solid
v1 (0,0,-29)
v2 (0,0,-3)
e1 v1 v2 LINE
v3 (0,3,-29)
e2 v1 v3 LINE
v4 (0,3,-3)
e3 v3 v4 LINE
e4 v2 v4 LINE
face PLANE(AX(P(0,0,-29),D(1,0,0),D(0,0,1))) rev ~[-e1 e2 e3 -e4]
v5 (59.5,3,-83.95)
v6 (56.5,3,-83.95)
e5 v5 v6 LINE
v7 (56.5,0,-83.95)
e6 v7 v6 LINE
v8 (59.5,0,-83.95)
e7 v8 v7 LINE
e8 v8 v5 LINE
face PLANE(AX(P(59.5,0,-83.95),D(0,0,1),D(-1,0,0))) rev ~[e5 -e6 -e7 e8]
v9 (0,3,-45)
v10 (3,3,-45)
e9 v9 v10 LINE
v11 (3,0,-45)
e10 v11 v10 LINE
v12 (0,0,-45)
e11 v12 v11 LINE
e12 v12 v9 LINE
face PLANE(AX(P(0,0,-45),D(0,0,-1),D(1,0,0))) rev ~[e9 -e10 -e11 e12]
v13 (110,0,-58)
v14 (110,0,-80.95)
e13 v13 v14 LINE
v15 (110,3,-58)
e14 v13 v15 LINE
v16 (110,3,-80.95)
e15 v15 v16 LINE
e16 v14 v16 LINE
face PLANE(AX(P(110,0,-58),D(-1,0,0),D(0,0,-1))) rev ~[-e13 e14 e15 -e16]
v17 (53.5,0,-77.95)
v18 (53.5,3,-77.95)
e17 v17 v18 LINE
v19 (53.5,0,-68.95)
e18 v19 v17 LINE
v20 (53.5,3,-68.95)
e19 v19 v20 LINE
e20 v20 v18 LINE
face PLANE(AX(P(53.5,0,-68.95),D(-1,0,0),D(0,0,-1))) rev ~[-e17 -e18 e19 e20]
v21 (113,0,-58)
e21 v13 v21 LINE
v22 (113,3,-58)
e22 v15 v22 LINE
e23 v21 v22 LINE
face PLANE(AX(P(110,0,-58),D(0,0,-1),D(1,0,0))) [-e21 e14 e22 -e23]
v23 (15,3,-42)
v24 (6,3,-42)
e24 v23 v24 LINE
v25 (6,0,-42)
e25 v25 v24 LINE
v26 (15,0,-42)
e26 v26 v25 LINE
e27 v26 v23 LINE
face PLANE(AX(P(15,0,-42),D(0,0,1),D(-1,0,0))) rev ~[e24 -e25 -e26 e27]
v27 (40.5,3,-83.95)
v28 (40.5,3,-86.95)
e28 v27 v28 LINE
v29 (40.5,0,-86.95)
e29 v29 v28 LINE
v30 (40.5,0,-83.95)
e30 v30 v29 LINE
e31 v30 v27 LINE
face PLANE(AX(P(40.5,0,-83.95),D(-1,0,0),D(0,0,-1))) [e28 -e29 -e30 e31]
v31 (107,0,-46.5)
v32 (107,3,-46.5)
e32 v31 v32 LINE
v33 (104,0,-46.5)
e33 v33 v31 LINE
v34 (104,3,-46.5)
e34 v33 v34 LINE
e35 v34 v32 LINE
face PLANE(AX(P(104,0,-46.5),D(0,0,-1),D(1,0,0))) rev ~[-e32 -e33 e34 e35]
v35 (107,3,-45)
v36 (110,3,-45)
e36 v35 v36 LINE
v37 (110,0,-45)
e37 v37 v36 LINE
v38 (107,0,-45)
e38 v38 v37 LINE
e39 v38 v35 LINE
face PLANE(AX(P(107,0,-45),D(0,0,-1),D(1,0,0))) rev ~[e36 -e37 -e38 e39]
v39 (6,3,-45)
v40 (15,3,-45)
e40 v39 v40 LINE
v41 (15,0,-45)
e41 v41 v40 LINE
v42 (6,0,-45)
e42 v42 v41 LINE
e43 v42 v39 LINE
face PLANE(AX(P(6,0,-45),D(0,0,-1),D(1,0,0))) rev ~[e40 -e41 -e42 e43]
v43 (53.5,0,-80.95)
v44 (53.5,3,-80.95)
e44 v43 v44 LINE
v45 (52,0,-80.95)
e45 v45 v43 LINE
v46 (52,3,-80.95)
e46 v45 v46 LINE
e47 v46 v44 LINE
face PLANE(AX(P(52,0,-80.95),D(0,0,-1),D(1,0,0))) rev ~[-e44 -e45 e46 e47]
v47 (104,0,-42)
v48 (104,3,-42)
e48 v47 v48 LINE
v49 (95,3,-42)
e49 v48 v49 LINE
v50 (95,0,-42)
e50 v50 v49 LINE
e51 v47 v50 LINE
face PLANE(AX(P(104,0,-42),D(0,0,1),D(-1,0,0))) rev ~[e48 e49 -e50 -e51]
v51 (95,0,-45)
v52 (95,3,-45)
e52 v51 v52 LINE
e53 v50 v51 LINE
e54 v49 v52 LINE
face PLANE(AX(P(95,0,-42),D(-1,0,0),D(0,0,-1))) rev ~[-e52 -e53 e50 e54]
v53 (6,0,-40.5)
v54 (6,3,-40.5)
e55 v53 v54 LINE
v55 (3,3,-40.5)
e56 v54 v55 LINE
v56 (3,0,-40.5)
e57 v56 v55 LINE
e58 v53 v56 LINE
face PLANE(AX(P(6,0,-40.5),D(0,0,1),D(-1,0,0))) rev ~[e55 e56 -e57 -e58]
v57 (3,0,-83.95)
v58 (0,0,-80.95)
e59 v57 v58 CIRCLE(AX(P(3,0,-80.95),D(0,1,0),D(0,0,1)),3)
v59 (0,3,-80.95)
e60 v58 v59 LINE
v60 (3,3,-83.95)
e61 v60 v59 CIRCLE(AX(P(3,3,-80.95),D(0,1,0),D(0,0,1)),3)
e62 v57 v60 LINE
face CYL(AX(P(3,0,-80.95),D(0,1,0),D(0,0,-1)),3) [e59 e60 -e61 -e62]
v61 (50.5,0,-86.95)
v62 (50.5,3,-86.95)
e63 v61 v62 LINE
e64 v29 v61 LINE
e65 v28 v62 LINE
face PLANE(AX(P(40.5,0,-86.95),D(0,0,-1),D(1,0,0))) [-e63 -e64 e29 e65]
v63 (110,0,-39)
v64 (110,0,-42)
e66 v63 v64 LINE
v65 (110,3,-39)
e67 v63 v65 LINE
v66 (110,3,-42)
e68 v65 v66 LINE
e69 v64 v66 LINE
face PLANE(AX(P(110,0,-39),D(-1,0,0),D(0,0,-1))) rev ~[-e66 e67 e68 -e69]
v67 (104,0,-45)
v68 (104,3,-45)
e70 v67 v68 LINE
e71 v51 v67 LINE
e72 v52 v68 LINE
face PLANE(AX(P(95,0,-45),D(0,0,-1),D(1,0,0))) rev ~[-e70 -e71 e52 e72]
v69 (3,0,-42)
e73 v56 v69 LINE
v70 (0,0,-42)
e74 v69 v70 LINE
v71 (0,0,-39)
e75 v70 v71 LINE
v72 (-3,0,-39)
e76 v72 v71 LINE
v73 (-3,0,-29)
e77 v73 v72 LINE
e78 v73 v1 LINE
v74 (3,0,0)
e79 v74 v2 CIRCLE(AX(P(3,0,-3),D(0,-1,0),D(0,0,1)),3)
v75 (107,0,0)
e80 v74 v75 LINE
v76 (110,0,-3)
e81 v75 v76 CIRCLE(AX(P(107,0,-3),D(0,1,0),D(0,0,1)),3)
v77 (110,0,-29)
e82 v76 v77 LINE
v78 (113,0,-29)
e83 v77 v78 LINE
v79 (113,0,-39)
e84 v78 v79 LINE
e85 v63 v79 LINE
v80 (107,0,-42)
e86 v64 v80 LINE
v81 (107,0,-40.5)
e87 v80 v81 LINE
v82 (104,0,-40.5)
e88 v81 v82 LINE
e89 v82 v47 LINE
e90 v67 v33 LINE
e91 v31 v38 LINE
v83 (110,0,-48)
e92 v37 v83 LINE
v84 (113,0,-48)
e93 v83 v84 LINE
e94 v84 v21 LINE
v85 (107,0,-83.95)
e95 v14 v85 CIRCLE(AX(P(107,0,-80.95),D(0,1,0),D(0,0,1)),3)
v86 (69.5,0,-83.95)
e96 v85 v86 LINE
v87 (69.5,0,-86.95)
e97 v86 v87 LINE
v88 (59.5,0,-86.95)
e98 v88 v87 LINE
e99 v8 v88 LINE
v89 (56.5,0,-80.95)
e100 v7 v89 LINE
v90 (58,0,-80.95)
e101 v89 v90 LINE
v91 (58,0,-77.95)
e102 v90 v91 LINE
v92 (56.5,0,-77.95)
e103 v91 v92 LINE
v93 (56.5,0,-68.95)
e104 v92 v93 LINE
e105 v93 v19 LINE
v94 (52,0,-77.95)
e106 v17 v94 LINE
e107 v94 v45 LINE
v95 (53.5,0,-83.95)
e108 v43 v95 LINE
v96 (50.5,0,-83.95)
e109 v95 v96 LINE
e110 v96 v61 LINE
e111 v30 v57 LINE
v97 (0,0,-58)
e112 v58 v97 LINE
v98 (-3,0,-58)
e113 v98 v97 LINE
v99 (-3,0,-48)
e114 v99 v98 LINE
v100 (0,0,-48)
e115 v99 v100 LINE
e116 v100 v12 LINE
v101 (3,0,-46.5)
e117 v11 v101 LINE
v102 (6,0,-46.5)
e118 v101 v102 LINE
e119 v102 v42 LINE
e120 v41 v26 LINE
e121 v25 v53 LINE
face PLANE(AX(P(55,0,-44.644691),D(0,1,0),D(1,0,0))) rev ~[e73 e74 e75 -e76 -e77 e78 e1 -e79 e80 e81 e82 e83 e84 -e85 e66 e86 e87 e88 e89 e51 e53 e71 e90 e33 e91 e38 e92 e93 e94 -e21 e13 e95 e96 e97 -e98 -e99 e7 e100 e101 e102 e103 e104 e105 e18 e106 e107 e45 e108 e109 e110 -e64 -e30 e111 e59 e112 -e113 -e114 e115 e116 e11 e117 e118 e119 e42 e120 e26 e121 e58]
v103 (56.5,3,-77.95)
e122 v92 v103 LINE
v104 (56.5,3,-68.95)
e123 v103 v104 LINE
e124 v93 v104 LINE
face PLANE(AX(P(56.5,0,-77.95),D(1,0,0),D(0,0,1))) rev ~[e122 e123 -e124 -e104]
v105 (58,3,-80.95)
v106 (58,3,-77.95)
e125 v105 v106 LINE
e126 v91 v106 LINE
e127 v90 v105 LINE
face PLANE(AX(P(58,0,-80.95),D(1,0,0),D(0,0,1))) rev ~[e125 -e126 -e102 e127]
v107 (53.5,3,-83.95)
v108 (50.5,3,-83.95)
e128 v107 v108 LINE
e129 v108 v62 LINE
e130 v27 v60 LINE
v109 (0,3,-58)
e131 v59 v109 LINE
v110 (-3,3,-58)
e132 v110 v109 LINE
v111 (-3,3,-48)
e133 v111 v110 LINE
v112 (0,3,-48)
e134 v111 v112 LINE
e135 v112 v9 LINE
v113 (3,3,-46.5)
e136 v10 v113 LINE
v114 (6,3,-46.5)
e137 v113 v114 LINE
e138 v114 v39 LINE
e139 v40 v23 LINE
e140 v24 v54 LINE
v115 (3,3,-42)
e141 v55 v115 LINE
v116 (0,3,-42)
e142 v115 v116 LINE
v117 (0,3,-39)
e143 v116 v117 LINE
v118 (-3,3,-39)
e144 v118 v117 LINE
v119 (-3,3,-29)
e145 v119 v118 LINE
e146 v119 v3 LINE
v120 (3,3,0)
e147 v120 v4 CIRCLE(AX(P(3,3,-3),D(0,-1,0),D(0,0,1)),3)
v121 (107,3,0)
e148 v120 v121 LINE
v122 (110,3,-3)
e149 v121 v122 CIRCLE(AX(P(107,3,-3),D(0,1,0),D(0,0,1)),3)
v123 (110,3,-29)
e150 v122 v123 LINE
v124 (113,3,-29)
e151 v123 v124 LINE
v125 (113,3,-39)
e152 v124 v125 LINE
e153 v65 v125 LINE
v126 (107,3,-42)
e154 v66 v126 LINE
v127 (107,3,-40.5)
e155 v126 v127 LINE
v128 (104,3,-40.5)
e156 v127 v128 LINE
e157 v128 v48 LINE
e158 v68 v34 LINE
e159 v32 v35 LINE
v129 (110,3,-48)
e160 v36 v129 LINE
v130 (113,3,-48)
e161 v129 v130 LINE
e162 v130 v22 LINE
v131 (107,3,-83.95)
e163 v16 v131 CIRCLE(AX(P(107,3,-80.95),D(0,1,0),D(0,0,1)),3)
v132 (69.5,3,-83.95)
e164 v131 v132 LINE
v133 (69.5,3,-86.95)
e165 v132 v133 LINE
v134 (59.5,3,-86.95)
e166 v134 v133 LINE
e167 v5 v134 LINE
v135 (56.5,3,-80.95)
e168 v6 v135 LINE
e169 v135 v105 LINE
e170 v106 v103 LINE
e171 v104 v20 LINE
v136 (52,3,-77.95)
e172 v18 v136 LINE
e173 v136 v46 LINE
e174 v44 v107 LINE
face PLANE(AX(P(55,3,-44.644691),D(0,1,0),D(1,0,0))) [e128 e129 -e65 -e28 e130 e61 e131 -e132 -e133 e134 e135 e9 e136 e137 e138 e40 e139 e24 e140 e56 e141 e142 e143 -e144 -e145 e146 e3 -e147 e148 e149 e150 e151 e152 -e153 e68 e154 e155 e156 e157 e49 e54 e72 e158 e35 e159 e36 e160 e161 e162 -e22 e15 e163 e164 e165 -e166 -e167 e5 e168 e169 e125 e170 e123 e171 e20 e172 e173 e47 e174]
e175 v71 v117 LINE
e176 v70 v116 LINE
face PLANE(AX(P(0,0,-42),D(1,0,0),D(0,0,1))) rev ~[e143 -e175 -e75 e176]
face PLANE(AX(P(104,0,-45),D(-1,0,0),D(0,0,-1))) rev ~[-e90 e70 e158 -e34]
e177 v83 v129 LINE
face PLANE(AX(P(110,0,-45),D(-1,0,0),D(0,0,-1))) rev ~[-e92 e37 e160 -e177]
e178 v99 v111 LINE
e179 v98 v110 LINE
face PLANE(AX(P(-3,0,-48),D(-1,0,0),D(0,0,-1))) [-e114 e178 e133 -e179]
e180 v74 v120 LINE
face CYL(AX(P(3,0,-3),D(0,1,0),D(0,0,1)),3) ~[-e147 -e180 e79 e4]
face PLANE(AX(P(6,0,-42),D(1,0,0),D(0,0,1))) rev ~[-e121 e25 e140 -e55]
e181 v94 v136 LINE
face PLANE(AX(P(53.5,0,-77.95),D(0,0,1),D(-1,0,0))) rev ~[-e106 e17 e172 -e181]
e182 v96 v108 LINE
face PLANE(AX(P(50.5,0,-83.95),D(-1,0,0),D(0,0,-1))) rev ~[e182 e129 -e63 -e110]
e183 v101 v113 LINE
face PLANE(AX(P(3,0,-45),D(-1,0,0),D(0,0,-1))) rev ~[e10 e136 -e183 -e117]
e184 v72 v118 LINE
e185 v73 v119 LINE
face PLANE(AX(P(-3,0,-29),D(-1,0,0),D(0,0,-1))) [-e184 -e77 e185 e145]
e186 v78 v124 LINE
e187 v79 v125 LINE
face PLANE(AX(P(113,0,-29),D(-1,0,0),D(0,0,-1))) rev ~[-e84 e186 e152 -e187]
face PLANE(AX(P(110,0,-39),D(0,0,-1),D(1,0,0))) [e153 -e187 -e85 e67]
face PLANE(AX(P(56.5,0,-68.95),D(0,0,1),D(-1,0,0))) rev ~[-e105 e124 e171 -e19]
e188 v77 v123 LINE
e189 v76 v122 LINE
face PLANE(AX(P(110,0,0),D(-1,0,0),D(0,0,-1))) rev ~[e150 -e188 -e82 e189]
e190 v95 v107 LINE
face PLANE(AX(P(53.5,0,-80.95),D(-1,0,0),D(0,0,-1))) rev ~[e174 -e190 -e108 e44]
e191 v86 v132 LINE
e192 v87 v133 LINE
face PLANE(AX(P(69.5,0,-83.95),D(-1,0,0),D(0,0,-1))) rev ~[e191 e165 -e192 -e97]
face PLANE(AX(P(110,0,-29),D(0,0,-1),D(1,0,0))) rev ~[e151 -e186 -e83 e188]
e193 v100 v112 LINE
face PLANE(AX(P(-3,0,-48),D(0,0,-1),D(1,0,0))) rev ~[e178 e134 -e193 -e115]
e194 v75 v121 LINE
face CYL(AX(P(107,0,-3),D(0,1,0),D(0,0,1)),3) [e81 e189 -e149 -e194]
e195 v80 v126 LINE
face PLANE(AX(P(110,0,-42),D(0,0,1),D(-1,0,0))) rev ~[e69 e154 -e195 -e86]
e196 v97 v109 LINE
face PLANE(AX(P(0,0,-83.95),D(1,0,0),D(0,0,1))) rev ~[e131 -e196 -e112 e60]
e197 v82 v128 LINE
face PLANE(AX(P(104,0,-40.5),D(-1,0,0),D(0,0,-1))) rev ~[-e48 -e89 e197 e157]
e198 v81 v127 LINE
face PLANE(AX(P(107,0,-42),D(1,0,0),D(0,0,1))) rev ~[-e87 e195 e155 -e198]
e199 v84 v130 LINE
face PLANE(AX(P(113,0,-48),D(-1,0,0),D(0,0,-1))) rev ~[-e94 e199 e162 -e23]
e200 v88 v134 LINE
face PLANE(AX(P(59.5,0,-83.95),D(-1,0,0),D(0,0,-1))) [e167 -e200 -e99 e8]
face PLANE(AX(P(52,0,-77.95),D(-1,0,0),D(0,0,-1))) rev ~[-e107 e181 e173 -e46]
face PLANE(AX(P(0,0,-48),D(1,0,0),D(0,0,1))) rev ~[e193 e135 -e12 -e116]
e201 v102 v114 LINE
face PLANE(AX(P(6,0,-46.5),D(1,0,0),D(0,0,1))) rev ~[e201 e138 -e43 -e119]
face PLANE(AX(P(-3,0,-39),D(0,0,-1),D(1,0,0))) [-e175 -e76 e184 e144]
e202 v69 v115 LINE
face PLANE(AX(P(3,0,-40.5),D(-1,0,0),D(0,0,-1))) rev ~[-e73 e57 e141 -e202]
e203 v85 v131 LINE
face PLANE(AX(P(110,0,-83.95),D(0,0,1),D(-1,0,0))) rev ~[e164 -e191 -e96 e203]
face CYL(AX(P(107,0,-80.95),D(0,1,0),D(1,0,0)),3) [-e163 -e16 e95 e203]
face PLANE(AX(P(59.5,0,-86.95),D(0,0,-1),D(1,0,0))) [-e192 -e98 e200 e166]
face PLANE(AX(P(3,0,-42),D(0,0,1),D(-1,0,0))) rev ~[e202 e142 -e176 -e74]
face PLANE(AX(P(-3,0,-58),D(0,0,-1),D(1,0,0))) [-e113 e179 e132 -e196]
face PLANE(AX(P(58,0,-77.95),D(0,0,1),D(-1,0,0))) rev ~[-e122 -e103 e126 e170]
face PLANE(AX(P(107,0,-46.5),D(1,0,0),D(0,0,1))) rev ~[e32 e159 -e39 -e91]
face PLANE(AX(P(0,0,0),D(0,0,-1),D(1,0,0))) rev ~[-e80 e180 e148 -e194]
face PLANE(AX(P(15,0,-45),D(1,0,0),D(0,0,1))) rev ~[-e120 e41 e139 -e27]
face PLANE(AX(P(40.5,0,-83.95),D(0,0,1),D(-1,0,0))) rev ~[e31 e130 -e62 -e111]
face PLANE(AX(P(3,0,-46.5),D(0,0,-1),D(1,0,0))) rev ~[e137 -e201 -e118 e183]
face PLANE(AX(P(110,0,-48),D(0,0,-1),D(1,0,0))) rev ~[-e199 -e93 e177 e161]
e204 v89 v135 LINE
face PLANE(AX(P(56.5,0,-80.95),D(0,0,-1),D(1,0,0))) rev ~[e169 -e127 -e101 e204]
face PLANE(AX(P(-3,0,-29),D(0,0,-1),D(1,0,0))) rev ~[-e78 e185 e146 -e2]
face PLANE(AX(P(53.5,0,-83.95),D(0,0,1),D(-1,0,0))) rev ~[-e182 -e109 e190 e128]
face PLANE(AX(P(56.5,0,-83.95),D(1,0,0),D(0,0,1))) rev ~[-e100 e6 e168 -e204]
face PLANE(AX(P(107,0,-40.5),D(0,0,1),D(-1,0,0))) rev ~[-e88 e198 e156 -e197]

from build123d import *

# Parameters (mm, degrees)
SKETCH1_W           = 3
SKETCH1_H           = 10
SKETCH1_W_2         = 10
SKETCH1_H_2         = 3
BOSS_EXTRUDE1_DEPTH = 3
FILLET1_R           = 3


with BuildPart() as part:
    # Sketch1 → Boss-Extrude1 (new body)
    with BuildSketch(Plane(origin=(0, 0, 0), x_dir=(1, 0, 0), z_dir=(0, 1, 0))):
        Polygon((0, 29), (0, 0), (100, 0), (110, 0), (110, 29), (110, 39), (110, 42), (107, 42), (107, 40.5), (104, 40.5), (104, 42), (95, 42), (95, 45), (104, 45), (104, 46.5), (107, 46.5), (107, 45), (110, 45), (110, 48), (110, 58), (110, 83.95), (69.5, 83.95), (59.5, 83.95), (56.5, 83.95), (56.5, 80.95), (58, 80.95), (58, 77.95), (56.5, 77.95), (56.5, 68.95), (53.5, 68.95), (53.5, 77.95), (52, 77.95), (52, 80.95), (53.5, 80.95), (53.5, 83.95), (50.5, 83.95), (40.5, 83.95), (0, 83.95), (0, 58), (0, 48), (0, 45), (3, 45), (3, 46.5), (6, 46.5), (6, 45), (15, 45), (15, 42), (6, 42), (6, 40.5), (3, 40.5), (3, 42), (0, 42), (0, 39), align=None)
        with Locations((-1.5, 53)):
            Rectangle(SKETCH1_W, SKETCH1_H)
        with Locations((-1.5, 34)):
            Rectangle(SKETCH1_W, SKETCH1_H)
        with Locations((45.5, 85.45)):
            Rectangle(SKETCH1_W_2, SKETCH1_H_2)
        with Locations((64.5, 85.45)):
            Rectangle(SKETCH1_W_2, SKETCH1_H_2)
        with Locations((111.5, 53)):
            Rectangle(SKETCH1_W, SKETCH1_H)
        with Locations((111.5, 34)):
            Rectangle(SKETCH1_W, SKETCH1_H)
    extrude(amount=BOSS_EXTRUDE1_DEPTH)

    # Fillet1
    fillet1_edges = [part.edges().sort_by_distance(p)[0] for p in [
        (110, 1.5, -83.95),
        (110, 1.5, 0),
        (0, 1.5, 0),
        (0, 1.5, -83.95),
    ]]
    fillet(fillet1_edges, radius=FILLET1_R)


solid = part.part
